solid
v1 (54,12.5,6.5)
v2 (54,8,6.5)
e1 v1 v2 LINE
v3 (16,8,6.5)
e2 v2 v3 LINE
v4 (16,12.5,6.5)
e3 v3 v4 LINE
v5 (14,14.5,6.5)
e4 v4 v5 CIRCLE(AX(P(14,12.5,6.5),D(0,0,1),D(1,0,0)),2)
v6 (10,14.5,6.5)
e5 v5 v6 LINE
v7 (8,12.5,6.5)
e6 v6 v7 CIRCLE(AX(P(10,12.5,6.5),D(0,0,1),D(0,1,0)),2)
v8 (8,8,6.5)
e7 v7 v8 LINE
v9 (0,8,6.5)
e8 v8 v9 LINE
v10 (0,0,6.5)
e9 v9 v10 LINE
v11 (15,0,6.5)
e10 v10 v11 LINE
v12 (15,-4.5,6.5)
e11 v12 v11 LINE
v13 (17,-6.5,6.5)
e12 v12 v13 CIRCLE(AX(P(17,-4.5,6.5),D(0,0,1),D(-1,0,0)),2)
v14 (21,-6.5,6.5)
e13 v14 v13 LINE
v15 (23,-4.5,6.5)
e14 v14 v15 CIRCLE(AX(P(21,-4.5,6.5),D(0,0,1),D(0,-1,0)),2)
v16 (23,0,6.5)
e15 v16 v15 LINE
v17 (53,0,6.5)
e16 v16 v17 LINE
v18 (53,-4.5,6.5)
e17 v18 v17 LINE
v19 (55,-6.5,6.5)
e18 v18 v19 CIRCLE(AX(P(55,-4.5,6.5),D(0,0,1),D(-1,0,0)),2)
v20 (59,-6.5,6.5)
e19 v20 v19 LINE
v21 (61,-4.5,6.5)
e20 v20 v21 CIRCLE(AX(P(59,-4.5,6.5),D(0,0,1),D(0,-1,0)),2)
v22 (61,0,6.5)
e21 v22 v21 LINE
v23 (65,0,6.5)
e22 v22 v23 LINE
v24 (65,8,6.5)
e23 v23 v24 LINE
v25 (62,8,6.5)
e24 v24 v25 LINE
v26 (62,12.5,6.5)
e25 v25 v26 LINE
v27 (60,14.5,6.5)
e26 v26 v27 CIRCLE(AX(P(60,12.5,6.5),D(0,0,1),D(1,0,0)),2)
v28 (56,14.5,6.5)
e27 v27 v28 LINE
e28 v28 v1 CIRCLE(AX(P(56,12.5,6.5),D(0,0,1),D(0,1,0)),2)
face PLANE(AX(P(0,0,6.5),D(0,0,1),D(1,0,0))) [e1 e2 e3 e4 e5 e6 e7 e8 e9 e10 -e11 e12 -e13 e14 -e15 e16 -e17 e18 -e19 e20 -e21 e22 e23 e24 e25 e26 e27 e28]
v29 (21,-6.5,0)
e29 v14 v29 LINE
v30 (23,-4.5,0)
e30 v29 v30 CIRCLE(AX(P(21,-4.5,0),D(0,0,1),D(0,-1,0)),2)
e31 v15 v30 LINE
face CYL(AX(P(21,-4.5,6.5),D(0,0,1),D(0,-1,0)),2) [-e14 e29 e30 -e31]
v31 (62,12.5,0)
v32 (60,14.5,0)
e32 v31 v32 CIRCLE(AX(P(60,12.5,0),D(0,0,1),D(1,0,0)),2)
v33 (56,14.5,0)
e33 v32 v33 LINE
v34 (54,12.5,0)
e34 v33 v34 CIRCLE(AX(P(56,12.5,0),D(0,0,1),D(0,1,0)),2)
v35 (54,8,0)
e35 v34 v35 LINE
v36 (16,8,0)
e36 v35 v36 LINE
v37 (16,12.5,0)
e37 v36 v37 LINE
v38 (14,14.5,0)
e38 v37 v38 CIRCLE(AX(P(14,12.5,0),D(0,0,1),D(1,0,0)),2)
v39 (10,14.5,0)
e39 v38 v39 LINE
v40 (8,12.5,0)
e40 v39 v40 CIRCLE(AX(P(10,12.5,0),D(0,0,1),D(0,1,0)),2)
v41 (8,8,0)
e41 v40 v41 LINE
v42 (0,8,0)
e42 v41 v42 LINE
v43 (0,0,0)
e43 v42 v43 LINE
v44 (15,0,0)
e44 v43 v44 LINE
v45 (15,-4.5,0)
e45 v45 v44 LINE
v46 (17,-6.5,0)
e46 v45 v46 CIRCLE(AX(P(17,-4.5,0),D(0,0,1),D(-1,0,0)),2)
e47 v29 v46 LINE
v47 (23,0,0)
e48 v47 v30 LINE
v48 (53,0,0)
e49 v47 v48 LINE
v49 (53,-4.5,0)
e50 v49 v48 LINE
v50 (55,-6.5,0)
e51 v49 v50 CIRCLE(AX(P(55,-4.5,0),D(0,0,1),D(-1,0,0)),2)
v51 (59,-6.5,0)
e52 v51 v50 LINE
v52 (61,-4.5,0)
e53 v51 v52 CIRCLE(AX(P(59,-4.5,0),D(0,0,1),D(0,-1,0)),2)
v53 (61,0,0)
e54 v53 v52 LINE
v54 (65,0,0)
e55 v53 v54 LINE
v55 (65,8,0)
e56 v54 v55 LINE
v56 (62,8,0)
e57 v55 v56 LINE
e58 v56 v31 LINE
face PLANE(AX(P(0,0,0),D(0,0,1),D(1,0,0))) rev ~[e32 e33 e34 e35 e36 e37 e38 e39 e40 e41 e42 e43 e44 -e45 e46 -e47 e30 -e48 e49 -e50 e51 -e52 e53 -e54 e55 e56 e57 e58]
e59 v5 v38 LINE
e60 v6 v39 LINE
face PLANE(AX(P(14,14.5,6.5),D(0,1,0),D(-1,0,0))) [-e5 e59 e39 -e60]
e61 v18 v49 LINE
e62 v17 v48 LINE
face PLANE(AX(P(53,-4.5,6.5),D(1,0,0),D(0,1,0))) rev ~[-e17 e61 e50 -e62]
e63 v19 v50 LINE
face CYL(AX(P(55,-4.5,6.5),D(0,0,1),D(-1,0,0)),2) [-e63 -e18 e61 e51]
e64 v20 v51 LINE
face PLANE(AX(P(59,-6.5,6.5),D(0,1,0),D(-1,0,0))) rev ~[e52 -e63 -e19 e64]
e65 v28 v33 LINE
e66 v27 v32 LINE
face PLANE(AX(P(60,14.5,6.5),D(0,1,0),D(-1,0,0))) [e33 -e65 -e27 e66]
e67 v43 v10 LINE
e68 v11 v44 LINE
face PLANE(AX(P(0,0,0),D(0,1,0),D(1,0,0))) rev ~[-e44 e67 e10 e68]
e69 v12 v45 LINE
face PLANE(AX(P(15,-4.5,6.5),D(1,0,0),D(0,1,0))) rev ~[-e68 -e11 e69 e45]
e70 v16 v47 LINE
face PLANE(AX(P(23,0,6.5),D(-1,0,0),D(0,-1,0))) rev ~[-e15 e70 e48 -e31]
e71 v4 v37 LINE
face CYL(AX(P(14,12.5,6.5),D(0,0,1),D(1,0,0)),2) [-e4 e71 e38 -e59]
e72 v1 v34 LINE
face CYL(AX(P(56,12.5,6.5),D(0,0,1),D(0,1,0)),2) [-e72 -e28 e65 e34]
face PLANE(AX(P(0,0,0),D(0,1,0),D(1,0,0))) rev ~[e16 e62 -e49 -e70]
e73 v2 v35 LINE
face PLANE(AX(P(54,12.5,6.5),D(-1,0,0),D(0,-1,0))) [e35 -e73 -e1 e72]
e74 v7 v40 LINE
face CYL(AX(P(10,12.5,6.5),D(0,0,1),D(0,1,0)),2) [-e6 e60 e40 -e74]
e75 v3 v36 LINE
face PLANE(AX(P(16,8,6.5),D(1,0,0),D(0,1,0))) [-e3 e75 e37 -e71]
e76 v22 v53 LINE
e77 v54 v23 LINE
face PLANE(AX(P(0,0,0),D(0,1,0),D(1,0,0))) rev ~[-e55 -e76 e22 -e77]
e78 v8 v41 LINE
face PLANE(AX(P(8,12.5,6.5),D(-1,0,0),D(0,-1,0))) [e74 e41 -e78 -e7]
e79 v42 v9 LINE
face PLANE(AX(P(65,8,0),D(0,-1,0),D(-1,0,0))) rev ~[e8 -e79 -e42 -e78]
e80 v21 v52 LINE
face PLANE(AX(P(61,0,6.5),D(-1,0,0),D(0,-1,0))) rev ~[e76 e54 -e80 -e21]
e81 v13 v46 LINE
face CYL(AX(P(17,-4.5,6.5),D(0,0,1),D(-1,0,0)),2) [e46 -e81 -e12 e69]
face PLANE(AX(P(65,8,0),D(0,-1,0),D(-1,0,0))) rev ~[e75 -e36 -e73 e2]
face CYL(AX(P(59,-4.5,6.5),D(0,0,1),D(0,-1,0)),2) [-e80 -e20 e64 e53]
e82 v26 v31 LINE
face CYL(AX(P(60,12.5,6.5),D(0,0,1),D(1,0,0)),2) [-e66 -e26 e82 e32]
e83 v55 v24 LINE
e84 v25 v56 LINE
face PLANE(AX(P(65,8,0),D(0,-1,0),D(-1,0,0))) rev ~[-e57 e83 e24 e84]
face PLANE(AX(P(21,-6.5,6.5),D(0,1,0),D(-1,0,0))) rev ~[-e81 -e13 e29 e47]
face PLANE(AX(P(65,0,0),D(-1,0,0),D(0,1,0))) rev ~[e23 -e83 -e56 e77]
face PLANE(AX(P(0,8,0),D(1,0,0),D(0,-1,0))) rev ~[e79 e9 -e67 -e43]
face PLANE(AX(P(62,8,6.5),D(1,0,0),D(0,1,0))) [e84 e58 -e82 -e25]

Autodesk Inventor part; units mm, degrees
ref_plane "YZ Plane" through (0, 0, 0) normal (1, 0, 0) x (0, 1, 0)
ref_plane "XZ Plane" through (0, 0, 0) normal (0, 1, 0) x (-1, 0, 0)
ref_plane "XY Plane" through (0, 0, 0) normal (0, 0, 1) x (1, 0, 0)
sketch "Sketch1" plane through (0, 0, 0) normal (0, 0, 1) x (1, 0, 0)
  line L0 (0, 0) -> (65, 0)
  line L1 (65, 0) -> (65, 8)
  line L2 (65, 8) -> (0, 8)
  line L3 (0, 8) -> (0, 0)
  dimension "d0" = 8
  dimension "d1" = 65
extrude "Extrusion1" add sketch "Sketch1" along normal blind 6.5
sketch "Sketch2" plane through (0, 0, 6.5) normal (0, 0, 1) x (1, 0, 0)
  line L0 (0, 0) -> (65, 0) projected
  line L1 (65, 8) -> (0, 8) projected
  line L2 (0, 8) -> (0, 0) projected
  line L3 (15, 0) -> (23, 0)
  line L4 (23, 0) -> (23, -4.5)
  line L5 (21, -6.5) -> (17, -6.5)
  line L6 (15, -4.5) -> (15, 0)
  line L7 (53, 0) -> (61, 0)
  line L8 (61, 0) -> (61, -4.5)
  line L9 (59, -6.5) -> (55, -6.5)
  line L10 (53, -4.5) -> (53, 0)
  line L11 (8, 8) -> (16, 8)
  line L12 (16, 8) -> (16, 12.5)
  line L13 (14, 14.5) -> (10, 14.5)
  line L14 (8, 12.5) -> (8, 8)
  line L15 (54, 8) -> (62, 8)
  line L16 (62, 8) -> (62, 12.5)
  line L17 (60, 14.5) -> (56, 14.5)
  line L18 (54, 12.5) -> (54, 8)
  arc A0 (15, -4.5) -> (17, -6.5) centre (17, -4.5) ccw
  arc A1 (21, -6.5) -> (23, -4.5) centre (21, -4.5) ccw
  arc A2 (10, 14.5) -> (8, 12.5) centre (10, 12.5) ccw
  arc A3 (16, 12.5) -> (14, 14.5) centre (14, 12.5) ccw
  arc A4 (56, 14.5) -> (54, 12.5) centre (56, 12.5) ccw
  arc A5 (62, 12.5) -> (60, 14.5) centre (60, 12.5) ccw
  arc A6 (53, -4.5) -> (55, -6.5) centre (55, -4.5) ccw
  arc A7 (59, -6.5) -> (61, -4.5) centre (59, -4.5) ccw
  dimension "d4" = 2
  dimension "d5" = 8
  dimension "d6" = 6.5
  dimension "d7" = 6.5
  dimension "d8" = 8
  dimension "d9" = 8
  dimension "d10" = 8
  dimension "d11" = 15
  dimension "d12" = 30
  dimension "d13" = 8
  dimension "d14" = 38
extrude "Extrusion2" add sketch "Sketch2" against normal blind 6.5
properties part number "x_motor_smooth_rod_spacer"
